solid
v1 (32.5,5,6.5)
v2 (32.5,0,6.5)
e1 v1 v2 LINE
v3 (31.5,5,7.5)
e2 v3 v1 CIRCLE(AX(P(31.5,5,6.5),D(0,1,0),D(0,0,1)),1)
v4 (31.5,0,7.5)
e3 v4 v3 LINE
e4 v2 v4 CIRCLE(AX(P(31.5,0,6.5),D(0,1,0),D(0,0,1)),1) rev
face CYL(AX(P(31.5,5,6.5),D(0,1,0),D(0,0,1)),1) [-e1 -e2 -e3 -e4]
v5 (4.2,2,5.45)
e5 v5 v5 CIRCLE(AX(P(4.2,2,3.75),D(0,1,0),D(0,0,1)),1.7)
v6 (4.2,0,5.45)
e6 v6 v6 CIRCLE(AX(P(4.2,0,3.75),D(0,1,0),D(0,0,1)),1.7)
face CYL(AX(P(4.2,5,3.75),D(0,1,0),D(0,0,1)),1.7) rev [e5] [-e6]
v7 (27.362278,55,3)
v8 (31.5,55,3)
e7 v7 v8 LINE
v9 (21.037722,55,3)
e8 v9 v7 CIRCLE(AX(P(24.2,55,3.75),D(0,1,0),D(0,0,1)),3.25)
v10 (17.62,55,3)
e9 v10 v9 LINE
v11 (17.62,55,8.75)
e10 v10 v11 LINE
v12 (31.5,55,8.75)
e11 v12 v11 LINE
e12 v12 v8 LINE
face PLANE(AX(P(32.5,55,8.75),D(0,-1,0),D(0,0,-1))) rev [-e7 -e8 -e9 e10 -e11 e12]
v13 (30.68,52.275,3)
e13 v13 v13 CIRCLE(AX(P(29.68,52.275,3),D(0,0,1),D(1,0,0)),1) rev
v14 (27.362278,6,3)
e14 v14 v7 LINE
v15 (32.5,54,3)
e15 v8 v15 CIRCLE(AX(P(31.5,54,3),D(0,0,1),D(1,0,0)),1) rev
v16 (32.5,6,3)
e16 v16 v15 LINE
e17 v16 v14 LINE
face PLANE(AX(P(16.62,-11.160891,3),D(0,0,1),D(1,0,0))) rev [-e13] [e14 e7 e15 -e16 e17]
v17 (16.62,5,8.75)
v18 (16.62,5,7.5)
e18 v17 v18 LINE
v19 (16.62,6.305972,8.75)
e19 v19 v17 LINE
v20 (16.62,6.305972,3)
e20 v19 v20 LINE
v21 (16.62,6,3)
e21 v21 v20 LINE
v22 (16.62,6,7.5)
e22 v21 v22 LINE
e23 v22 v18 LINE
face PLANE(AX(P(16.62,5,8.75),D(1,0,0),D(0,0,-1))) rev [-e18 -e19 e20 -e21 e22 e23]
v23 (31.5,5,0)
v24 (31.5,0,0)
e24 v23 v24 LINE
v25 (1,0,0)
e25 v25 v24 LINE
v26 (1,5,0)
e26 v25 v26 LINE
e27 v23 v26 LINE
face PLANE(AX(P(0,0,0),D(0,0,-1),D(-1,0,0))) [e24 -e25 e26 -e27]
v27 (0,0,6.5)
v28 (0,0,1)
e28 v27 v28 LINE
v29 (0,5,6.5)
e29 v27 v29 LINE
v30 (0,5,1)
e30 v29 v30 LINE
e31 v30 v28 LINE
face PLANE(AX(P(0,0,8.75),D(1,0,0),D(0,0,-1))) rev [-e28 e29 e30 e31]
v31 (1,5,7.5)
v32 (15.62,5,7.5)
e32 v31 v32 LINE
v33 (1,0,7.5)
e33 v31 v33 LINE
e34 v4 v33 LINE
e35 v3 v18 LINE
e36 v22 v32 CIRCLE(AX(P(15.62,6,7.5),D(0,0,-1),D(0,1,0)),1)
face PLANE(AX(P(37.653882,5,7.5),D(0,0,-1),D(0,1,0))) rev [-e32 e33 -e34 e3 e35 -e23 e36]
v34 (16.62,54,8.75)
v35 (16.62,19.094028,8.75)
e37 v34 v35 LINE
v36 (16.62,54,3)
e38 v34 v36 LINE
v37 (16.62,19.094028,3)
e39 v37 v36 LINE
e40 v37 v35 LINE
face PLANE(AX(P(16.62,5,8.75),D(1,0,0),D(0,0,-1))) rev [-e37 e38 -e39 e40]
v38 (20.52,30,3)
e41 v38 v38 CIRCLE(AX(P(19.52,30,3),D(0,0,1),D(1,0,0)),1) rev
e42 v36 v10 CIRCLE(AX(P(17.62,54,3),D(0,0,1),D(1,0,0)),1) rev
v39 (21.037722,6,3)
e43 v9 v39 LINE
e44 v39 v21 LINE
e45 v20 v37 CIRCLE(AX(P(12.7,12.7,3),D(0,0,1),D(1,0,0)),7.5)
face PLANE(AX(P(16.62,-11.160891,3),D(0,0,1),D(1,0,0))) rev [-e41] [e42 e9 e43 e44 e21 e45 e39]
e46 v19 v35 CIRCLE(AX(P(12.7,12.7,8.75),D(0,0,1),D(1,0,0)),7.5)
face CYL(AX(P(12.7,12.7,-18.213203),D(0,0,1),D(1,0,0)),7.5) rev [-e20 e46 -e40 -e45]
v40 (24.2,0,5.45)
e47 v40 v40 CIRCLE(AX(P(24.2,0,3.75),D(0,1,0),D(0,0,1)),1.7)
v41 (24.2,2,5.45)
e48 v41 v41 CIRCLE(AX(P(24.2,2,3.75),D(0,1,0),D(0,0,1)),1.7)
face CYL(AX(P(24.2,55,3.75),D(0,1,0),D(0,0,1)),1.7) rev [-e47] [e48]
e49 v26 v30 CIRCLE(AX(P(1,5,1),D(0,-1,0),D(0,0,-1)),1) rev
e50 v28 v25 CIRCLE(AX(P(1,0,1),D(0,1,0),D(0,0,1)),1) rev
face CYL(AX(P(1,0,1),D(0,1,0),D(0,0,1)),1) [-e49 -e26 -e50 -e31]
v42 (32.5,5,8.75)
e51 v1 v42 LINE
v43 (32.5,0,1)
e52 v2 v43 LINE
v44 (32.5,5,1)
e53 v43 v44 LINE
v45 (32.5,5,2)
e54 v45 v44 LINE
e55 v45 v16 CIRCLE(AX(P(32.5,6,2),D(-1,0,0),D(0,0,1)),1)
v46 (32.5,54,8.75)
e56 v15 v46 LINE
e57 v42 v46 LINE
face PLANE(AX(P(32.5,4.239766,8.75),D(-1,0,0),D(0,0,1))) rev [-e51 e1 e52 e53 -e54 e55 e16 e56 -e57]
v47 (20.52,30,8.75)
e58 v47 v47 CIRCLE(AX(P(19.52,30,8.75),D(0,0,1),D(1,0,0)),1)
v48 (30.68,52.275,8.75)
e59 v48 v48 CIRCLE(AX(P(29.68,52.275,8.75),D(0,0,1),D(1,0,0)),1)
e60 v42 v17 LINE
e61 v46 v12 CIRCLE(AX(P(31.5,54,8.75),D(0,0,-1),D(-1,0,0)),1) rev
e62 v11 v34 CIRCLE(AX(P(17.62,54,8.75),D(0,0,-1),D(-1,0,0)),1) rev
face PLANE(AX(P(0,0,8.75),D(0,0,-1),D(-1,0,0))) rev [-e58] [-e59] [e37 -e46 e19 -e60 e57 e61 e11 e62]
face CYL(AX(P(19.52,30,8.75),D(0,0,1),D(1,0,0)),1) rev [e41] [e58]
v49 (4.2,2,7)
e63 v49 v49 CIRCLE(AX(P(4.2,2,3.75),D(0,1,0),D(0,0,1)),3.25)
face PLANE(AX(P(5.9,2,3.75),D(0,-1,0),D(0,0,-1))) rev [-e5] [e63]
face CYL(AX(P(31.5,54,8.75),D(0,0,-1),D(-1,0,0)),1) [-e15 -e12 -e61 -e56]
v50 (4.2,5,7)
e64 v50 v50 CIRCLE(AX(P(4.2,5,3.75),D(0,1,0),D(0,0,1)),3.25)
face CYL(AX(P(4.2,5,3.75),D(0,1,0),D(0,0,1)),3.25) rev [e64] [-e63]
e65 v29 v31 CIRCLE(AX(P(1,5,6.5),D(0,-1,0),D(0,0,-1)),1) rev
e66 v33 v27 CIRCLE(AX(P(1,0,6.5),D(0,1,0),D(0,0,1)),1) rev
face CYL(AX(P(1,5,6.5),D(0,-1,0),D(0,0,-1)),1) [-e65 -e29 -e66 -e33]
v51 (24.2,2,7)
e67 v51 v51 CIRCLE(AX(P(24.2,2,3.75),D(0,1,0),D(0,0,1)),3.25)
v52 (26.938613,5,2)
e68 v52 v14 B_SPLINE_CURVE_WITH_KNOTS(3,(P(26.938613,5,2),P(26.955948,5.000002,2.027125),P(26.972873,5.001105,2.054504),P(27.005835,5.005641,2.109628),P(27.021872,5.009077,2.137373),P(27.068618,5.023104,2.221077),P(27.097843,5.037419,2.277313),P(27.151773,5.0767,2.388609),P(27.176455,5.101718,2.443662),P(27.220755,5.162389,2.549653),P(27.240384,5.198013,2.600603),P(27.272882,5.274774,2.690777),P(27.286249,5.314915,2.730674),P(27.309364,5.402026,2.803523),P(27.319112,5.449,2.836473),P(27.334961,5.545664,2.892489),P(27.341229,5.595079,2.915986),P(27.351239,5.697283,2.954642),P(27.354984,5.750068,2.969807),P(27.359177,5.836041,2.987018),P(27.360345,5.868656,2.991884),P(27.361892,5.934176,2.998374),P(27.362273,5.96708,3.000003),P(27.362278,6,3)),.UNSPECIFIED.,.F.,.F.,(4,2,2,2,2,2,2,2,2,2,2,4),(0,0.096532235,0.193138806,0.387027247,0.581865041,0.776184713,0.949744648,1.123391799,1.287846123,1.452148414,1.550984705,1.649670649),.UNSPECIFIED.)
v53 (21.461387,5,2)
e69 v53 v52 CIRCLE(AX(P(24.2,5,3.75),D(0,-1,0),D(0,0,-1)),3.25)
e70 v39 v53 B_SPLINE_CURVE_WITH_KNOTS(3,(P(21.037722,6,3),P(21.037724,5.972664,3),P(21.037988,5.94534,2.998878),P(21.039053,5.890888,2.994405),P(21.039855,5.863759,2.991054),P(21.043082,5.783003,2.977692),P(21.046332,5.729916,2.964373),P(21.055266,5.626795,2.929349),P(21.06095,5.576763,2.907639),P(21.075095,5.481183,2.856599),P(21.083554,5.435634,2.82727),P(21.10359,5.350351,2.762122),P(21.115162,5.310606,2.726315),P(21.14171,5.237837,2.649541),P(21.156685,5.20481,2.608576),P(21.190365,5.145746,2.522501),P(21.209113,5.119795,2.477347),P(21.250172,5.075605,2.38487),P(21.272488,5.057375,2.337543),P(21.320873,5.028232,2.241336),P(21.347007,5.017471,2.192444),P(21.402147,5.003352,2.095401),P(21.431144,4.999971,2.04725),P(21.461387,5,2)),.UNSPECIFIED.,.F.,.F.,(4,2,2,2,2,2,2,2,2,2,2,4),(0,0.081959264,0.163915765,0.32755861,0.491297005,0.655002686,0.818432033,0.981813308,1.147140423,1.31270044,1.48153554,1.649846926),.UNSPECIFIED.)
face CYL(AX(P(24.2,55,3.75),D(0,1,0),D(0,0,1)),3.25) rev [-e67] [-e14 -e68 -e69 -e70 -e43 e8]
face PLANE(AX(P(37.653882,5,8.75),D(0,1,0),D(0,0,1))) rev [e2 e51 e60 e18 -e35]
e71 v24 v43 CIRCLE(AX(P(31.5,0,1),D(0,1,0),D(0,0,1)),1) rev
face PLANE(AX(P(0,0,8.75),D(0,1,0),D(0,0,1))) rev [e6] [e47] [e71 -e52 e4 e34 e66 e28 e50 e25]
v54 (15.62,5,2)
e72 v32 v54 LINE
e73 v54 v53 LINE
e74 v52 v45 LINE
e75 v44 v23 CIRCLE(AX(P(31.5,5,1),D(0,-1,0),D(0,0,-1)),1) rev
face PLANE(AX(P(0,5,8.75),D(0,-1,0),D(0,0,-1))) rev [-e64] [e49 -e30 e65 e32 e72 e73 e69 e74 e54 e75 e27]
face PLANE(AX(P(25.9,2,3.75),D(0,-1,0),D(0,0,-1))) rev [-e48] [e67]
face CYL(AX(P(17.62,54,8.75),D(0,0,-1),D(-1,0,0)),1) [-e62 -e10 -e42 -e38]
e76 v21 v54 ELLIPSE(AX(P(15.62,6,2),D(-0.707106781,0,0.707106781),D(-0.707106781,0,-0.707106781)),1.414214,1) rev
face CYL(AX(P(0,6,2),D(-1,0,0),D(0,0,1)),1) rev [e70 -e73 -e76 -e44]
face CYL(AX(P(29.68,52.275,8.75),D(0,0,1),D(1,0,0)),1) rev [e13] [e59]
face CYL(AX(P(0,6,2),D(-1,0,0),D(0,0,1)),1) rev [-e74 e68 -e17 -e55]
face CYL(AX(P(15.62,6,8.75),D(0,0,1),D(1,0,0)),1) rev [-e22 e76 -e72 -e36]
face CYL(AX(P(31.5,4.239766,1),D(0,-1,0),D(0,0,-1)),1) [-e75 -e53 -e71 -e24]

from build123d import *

# Parameters (mm, degrees)
BOSS_EXTRUDE1_DEPTH            = 8.75
M3_CLEARANCE_HOLE1_D           = 2
CUT_EXTRUDE2_REACH             = 66.481
SKETCH5_W                      = 1.25
SKETCH5_H                      = 5
SKETCH7_W                      = 15.88
SKETCH7_H                      = 3
CUT_EXTRUDE4_DEPTH             = 50
CBORE_FOR_M3_SHCS1_D           = 3.4
CBORE_FOR_M3_SHCS1_CBORE_D     = 6.5
CBORE_FOR_M3_SHCS1_CBORE_DEPTH = 3
FILLET1_R                      = 1
SKETCH12_R                     = 7.5
CUT_EXTRUDE5_DEPTH             = 5.75
CBORE_FOR_M3_SHCS2_D           = 3.4
CBORE_FOR_M3_SHCS2_CBORE_D     = 6.5
CBORE_FOR_M3_SHCS2_CBORE_DEPTH = 53


with BuildPart() as part:
    # Sketch1 → Boss-Extrude1 (new body)
    with BuildSketch(Plane.XY):
        Polygon((0, 0), (32.5, 0), (32.5, 4.239766082), (32.5, 55), (16.62, 55), (16.62, 5), (0, 5), align=None)
    extrude(amount=BOSS_EXTRUDE1_DEPTH)

    # M3 Clearance Hole1 (through all)
    with Locations(Plane.XY.offset(8.75)):
        with Locations((29.68, 52.275), (19.52, 30)):
            Hole(M3_CLEARANCE_HOLE1_D / 2)

    # Cut-Extrude2: up to this face of the body (flat: up to its plane)
    cut_extrude2_end = Plane(part.part.faces().sort_by_distance((32.5, 27.5, 4.375))[0])
    # Sketch5 → Cut-Extrude2 (cut, up to the picked face)
    with BuildSketch(Plane.ZY, mode=Mode.PRIVATE) as cut_extrude2_sk1:
        with Locations((8.125, 2.5)):
            Rectangle(SKETCH5_W, SKETCH5_H)
    cut_extrude2_tool1 = split(extrude(cut_extrude2_sk1.sketch, amount=-CUT_EXTRUDE2_REACH, mode=Mode.PRIVATE), bisect_by=cut_extrude2_end, keep=Keep.BOTH, mode=Mode.PRIVATE)
    add(cut_extrude2_tool1.solids().sort_by(Axis((0, 2.5, 8.125), (1, 0, 0)))[0], mode=Mode.SUBTRACT)

    # Sketch7 → Cut-Extrude4 (cut)
    with BuildSketch(Plane(origin=(0, 55, 0), x_dir=(1, 0, 0), z_dir=(0, 1, 0))):
        with Locations((24.56, -1.5)):
            Rectangle(SKETCH7_W, SKETCH7_H)
    extrude(amount=-CUT_EXTRUDE4_DEPTH, mode=Mode.SUBTRACT)

    # CBORE for M3 SHCS1 (through all)
    with Locations(Plane(origin=(0, 5, 0), x_dir=(1, 0, 0), z_dir=(0, 1, 0))):
        with Locations((4.2, -3.75)):
            CounterBoreHole(CBORE_FOR_M3_SHCS1_D / 2, CBORE_FOR_M3_SHCS1_CBORE_D / 2, CBORE_FOR_M3_SHCS1_CBORE_DEPTH)

    # Fillet1
    fillet1_edges = [part.edges().sort_by_distance(p)[0] for p in [
        (16.62, 55, 5.875),
        (32.5, 55, 5.875),
        (16.62, 5, 5.25),
        (0, 2.5, 7.5),
        (32.5, 2.5, 7.5),
        (24.56, 5, 3),
        (32.5, 2.5, 0),
        (0, 2.5, 0),
    ]]
    fillet(fillet1_edges, radius=FILLET1_R)

    # Sketch12 → Cut-Extrude5 (cut)
    with BuildSketch(Plane.XY.offset(8.75)):
        with Locations((12.7, 12.7)):
            Circle(SKETCH12_R)
    extrude(amount=-CUT_EXTRUDE5_DEPTH, mode=Mode.SUBTRACT)

    # CBORE for M3 SHCS2 (through all)
    with Locations(Plane(origin=(0, 55, 0), x_dir=(1, 0, 0), z_dir=(0, 1, 0))):
        with Locations((24.2, -3.75)):
            CounterBoreHole(CBORE_FOR_M3_SHCS2_D / 2, CBORE_FOR_M3_SHCS2_CBORE_D / 2, CBORE_FOR_M3_SHCS2_CBORE_DEPTH)


solid = part.part
